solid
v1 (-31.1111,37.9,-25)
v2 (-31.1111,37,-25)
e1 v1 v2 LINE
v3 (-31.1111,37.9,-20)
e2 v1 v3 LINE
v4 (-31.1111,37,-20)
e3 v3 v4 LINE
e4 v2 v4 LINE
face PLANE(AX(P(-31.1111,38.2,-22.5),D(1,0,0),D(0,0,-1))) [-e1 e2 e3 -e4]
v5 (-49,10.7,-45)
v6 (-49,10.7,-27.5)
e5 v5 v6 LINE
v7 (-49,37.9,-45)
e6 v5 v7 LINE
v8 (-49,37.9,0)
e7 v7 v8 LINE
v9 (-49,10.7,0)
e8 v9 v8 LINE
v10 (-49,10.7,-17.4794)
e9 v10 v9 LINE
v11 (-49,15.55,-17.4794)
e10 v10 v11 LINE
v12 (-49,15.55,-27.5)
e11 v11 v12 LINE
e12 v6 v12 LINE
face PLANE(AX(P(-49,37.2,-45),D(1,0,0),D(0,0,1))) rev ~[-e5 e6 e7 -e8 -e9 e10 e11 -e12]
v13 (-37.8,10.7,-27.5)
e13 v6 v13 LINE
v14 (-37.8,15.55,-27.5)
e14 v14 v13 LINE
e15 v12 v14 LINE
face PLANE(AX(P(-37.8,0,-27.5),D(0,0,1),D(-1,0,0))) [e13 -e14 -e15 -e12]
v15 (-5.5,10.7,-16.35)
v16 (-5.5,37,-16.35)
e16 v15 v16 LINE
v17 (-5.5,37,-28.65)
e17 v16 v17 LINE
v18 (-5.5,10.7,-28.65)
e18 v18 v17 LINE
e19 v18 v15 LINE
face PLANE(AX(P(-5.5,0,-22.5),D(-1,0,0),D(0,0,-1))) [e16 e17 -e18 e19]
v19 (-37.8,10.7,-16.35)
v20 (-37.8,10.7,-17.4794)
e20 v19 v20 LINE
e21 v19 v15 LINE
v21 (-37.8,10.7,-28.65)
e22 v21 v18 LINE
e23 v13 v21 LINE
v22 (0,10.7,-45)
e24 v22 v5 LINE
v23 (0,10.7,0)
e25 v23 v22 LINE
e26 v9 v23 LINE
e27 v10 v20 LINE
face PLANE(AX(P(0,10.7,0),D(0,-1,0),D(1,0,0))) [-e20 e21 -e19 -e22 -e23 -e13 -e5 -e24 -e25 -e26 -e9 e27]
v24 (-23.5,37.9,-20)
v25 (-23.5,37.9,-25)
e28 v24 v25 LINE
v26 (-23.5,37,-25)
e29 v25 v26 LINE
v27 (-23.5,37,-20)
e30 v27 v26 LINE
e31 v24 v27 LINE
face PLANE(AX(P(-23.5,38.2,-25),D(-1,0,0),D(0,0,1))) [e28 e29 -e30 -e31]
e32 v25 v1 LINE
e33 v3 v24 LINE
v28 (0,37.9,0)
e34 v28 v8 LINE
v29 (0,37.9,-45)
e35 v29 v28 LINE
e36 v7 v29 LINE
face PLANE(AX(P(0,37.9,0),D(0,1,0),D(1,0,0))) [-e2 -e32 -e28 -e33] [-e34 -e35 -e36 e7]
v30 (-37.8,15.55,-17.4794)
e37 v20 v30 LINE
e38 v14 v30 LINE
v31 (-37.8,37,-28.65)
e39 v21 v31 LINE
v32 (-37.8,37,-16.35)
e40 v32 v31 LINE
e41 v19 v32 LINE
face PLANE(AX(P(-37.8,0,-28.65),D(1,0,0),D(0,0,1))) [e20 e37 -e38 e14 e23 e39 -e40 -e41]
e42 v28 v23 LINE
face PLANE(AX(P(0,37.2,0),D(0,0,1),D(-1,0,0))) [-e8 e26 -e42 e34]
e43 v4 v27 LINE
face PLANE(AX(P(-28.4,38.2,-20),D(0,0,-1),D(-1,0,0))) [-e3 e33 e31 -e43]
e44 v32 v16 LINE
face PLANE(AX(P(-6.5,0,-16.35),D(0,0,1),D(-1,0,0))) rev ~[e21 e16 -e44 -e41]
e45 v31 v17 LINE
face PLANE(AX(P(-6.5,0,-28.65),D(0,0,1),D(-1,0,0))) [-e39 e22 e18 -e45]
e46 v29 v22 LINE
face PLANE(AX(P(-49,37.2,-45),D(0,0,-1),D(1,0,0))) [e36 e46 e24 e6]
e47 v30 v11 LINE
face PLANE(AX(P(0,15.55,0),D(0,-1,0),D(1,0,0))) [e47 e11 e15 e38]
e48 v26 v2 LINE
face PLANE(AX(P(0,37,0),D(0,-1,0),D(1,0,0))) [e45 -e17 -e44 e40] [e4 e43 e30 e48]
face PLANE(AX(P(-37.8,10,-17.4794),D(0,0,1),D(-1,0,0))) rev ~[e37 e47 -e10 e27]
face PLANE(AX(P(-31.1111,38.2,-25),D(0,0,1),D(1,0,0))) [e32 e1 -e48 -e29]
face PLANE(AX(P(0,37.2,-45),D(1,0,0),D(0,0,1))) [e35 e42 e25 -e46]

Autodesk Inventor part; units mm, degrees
ref_plane "YZ Plane" through (0, 0, 0) normal (1, 0, 0) x (0, 1, 0)
ref_plane "XZ Plane" through (0, 0, 0) normal (0, 1, 0) x (-1, 0, 0)
ref_plane "XY Plane" through (0, 0, 0) normal (0, 0, 1) x (1, 0, 0)
sketch "Szkic1" plane through (0, 0, 0) normal (0, 1, 0) x (-1, 0, 0)
  line L0 (0, 0) -> (49, 0)
  line L1 (49, 0) -> (49, -45)
  line L2 (49, -45) -> (0, -45)
  line L3 (0, -45) -> (0, 0)
  line L4 (49, 0) -> (49, 3)
  line L5 (49, 3) -> (52, 3)
  line L6 (0, -45) -> (0, -48)
  line L7 (0, -48) -> (-3, -48)
  line L8 (-3, -48) -> (52, -48)
  line L9 (52, -48) -> (52, 3)
  line L10 (52, 3) -> (-3, 3)
  line L11 (-3, 3) -> (-3, -48)
  line L12 (0, -48) -> (-29.5685, -48)
  line L13 (-29.5685, -48) -> (-29.5685, 3)
  line L14 (-29.5685, 3) -> (0, 3)
  line L15 (0, 3) -> (0, -48)
  line L16 (-3, -45) -> (-29.5685, -45)
  line L17 (-3, 0) -> (-29.5685, 0)
  line L18 (-3, 0) -> (0, 0)
  line L19 (0, -45) -> (-3, -45)
  line L20 (-3, -45) -> (-3, -48)
  line L21 (0, -48) -> (0, -45)
  line L22 (0, -48) -> (-3, -48)
  dimension "d0" = 49
  dimension "d1" = 45
  dimension "d2" = 3
  dimension "d3" = 3
  dimension "d4" = 3
  dimension "d5" = 3
extrude "Wyciągnięcie proste1" add sketch "Szkic1" along normal blind 37.2 contours L0 L1 L2 L3 | L3 L19 L11 L18 | L11 L16 L13 L17
sketch "Szkic2" plane through (0, 0, 0) normal (0, -1, 0) x (1, 0, 0)
  line L0 (-49, 0) -> (0, 0) projected
  line L1 (-24.5, 0) -> (-24.5, -45)
  line L2 (0, -45) -> (-49, -45) projected
  line L3 (-49, -45) -> (-49, 0) projected
  line L4 (-49, -22.5) -> (0, -22.5)
  line L5 (0, 0) -> (0, -45) projected
  circle A0 centre (-24.5, -22.5) radius 2.85
  circle A1 centre (-24.5, -22.5) radius 3
  dimension "d8" = 5.7
  dimension "d27" = 6
extrude "Wyciągnięcie proste2" cut sketch "Szkic2" against normal through all contours A1 L4 A0 L1 | L1 A0 L4 A1 | L4 A0 L1 A1 | A0 L4 L1 | L1 L4 A0 | A1 L1 A0 L4 | L4 L1 A0 | L4 A0 L1
sketch "Szkic3" plane through (0, 0, 0) normal (0, -1, 0) x (1, 0, 0)
  circle A0 centre (-24.5, -22.5) radius 2.85 projected
  line L0 (-24.5, -22.5) -> (-37.8, -22.5)
  line L1 (-24.5, -22.5) -> (9, -22.5)
  line L2 (-37.8, -22.5) -> (9, -22.5)
  line L3 (9, -22.5) -> (9, -32.4)
  line L4 (9, -32.4) -> (-37.8, -32.4)
  line L5 (-37.8, -32.4) -> (-37.8, -22.5)
  line L6 (9, -22.5) -> (-37.8, -22.5)
  line L7 (-37.8, -22.5) -> (-37.8, -13.6)
  line L8 (-37.8, -13.6) -> (9, -13.6)
  line L9 (9, -13.6) -> (9, -22.5)
  line L10 (9, -32.4) -> (-37.8, -32.4)
  line L11 (9, -32.4) -> (13, -32.4)
  line L12 (-37.8, -13.6) -> (-41.8, -13.6)
  line L13 (13, -32.4) -> (13, -32.9)
  line L14 (-41.8, -13.6) -> (-41.8, -13)
  line L15 (13, -32.4) -> (13, -33)
  line L16 (-41.8, -13) -> (-42.5873, -13)
  line L17 (13, -33) -> (13.5, -33)
  line L18 (13.5, -33) -> (-42.5873, -33)
  line L19 (-42.5873, -33) -> (-42.5873, -13)
  line L20 (-42.5873, -13) -> (13.5, -13)
  line L21 (13.5, -13) -> (13.5, -33)
  line L22 (13.5, -13) -> (-6.5, -13)
  line L23 (-6.5, -13) -> (-6.5, -32.4)
  line L24 (-6.5, -32.4) -> (13.5, -32.4)
  line L25 (13.5, -32.4) -> (13.5, -13)
  line L26 (-37.8, -22.5) -> (-6.5, -22.5)
  line L27 (-6.5, -22.5) -> (-6.5, -16.35)
  line L28 (-6.5, -16.35) -> (-37.8, -16.35)
  line L29 (-37.8, -16.35) -> (-37.8, -22.5)
  line L30 (-37.8, -22.5) -> (-6.5, -22.5)
  line L31 (-6.5, -22.5) -> (-6.5, -28.65)
  line L32 (-6.5, -28.65) -> (-37.8, -28.65)
  line L33 (-37.8, -28.65) -> (-37.8, -22.5)
  line L34 (-6.5, -16.35) -> (-5.5, -16.35)
  line L35 (-5.5, -16.35) -> (-5.5, -28.65)
  line L36 (-5.5, -28.65) -> (-6.5, -28.65)
  line L37 (-6.5, -28.65) -> (-6.5, -16.35)
  line L38 (-37.8, -22.5) -> (-26.4, -22.5)
  line L39 (-24.5, -22.5) -> (-26.9, -22.5)
  circle A1 centre (-26.9, -22.5) radius 2.4
  point P0 (0, 0)
  dimension "d21" = 4
  dimension "d22" = 4
  dimension "d23" = 0.5
  dimension "d24" = 0.6
  dimension "d25" = 0.6
  dimension "d26" = 0.5
  dimension "d28" = 20
  dimension "d29" = 6.15
  dimension "d30" = 6.15
  dimension "d31" = 1
  dimension "d32" = 11.4
  dimension "d33" = 2.4
  dimension "d34" = 4.8
extrude "Wyciągnięcie proste3" cut sketch "Szkic3" against normal blind 37 contours L1 L23 L32 L5 L0 A1 A0 | A0 A1 L0 L7 L28 L23 L1 | A0 L0 A1 | A1 L0 A0 | L23 L34 L35 L1 | L1 L35 L36 L23 | L24 L21 L17 L15 L13 picked at (-27.9524, -22.0946) picked at (-27.9524, -22.9054)
sketch "Szkic4" plane through (0, 0, 0) normal (0, -1, 0) x (1, 0, 0)
  line L0 (-49, -45) -> (-49, 0) projected
  line L1 (-37.8, -28.65) -> (-37.8, -16.35) projected
  line L2 (-49, -22.5) -> (-37.8, -22.5)
  line L3 (-37.8, -22.5) -> (-37.8, -17.5)
  line L4 (-37.8, -17.5) -> (-49, -17.5)
  line L5 (-49, -17.5) -> (-49, -22.5)
  line L6 (-49, -22.5) -> (-37.8, -22.5)
  line L7 (-37.8, -22.5) -> (-37.8, -27.5)
  line L8 (-37.8, -27.5) -> (-49, -27.5)
  line L9 (-49, -27.5) -> (-49, -22.5)
  point P0 (0, 0)
  point P1 (-37.8, -32.4)
  point P2 (-37.8, -13.6)
  dimension "d17" = 5
  dimension "d18" = 5
extrude "Wyciągnięcie proste4" cut sketch "Szkic4" against normal blind 10
sketch "Szkic5" plane through (0, 37, 0) normal (0, -1, 0) x (1, 0, 0)
  line L0 (-37.8, -28.65) -> (-37.8, -16.35) projected
  line L1 (-37.8, -22.5) -> (-26.3, -22.5)
  line L2 (-26.3, -22.5) -> (-28.7, -22.5)
  circle A0 centre (-28.7, -22.5) radius 2.4
  point P0 (0, 0)
  dimension "d35" = 11.5
  dimension "d36" = 2.4
  dimension "d37" = 4.8
extrude "Wyciągnięcie proste5" cut sketch "Szkic5" against normal blind 37
sketch "Szkic6" plane through (0, 37, 0) normal (0, -1, 0) x (1, 0, 0)
  arc A0 (-26.9857, -20.8203) -> (-26.9857, -24.1797) centre (-28.7, -22.5) ccw projected
  circle A1 centre (-28.7, -22.5) radius 2.4
  arc A2 (-26.9857, -24.1797) -> (-26.9857, -20.8203) centre (-24.5, -22.5) ccw projected
  circle A3 centre (-24.5, -22.5) radius 3
  point P0 (0, 0)
extrude "Wyciągnięcie proste6" add sketch "Szkic6" against normal blind 0.2 contours A2 A1
sketch "Szkic7" plane through (0, 0, 0) normal (0, -1, 0) x (1, 0, 0)
  line L0 (-49, 0) -> (29.5685, 0) projected
  line L1 (-49, 0) -> (0, 0)
  line L2 (29.5685, 0) -> (29.5685, -45) projected
  line L3 (0, 0) -> (29.5685, 0)
  line L4 (29.5685, 0) -> (29.5685, -45)
  line L5 (29.5685, -45) -> (0, -45)
  line L6 (0, -45) -> (0, 0)
  dimension "d42" = 49
extrude "Wyciągnięcie proste7" cut sketch "Szkic7" against normal through all
sketch "Szkic8" plane through (0, 0, 0) normal (0, -1, 0) x (1, 0, 0)
  line L0 (-49, -45) -> (-49, 0) projected
  line L1 (0, 0) -> (0, -45) projected
  line L2 (-49, 0) -> (0, 0)
  line L3 (0, 0) -> (0, -45)
  line L4 (0, -45) -> (-49, -45)
  line L5 (-49, -45) -> (-49, 0)
sketch "Szkic9" plane through (-49, 0, 0) normal (0, 0, 1) x (1, 0, 0)
  line L0 (0, 37.2) -> (0, 9.2)
  line L1 (0, 0) -> (0, 37.2) projected
  point P0 (49, 0)
  dimension "d45" = 28
extrude "Wyciągnięcie proste8" cut sketch "Szkic8" against normal blind 9.2
sketch "Szkic10" plane through (0, 10, 0) normal (0, -1, 0) x (1, 0, 0)
  line L0 (-49, -45) -> (-49, -27.5) projected
  line L1 (-37.8, -28.65) -> (-37.8, -16.35) projected
  line L2 (-49, -27.5) -> (-37.8, -27.5)
  line L3 (-37.8, -27.5) -> (-37.8, -17.4794)
  line L4 (-37.8, -17.4794) -> (-49, -17.4794)
  line L5 (-49, -17.4794) -> (-49, -27.5)
  point P0 (0, 0)
extrude "Wyciągnięcie proste9" cut sketch "Szkic10" against normal blind 5.55
sketch "Szkic11" plane through (0, 37.2, 0) normal (0, 1, 0) x (1, 0, 0)
  circle A0 centre (-28.7, 22.5) radius 2.4 projected
  circle A1 centre (-28.7, 22.5) radius 2.4
  line L0 (-49, 45) -> (-49, 27.5) projected
  line L1 (0, 0) -> (-49, 0)
  line L2 (-49, 0) -> (-49, 45)
  line L3 (-49, 45) -> (0, 45)
  line L4 (0, 45) -> (0, 0)
extrude "Wyciągnięcie proste10" add sketch "Szkic11" along normal blind 1
sketch "Szkic12" plane through (0, 9.2, 0) normal (0, -1, 0) x (1, 0, 0)
  line L0 (0, -45) -> (-49, -45) projected
  line L1 (-49, 0) -> (0, 0)
  line L2 (0, 0) -> (0, -45)
  line L3 (0, -45) -> (-49, -45)
  line L4 (-49, -45) -> (-49, 0)
extrude "Wyciągnięcie proste11" cut sketch "Szkic12" against normal blind 1.5
sketch "Szkic13" plane through (0, 38.2, 0) normal (0, 1, 0) x (1, 0, 0)
  line L0 (-49, 45) -> (-49, 0) projected
  line L1 (-49, 22.5) -> (-26, 22.5)
  line L2 (-26, 22.5) -> (-28.4, 22.5)
  circle A0 centre (-28.4, 22.5) radius 2.5
  circle A1 centre (-26, 22.5) radius 2.5
  circle A2 centre (-27.2, 22.5) radius 2.5
  line L3 (-23.5, 20) -> (-31.1111, 20)
  line L4 (-31.1111, 20) -> (-31.1111, 25)
  line L5 (-31.1111, 25) -> (-23.5, 25)
  line L6 (-23.5, 25) -> (-23.5, 20)
  point P0 (0, 0)
  dimension "d54" = 23
  dimension "d55" = 2.4
  dimension "d56" = 5
  dimension "d57" = 5
  dimension "d58" = 5
extrude "Wyciągnięcie proste12" cut sketch "Szkic13" against normal blind 1.5
sketch "Szkic14" plane through (0, 38.2, 0) normal (0, 1, 0) x (1, 0, 0)
  line L0 (-54.5366, 52.5987) -> (6.0904, 52.5987)
  line L1 (6.0904, 52.5987) -> (6.0904, -5.7213)
  line L2 (6.0904, -5.7213) -> (-54.5366, -5.7213)
  line L3 (-54.5366, -5.7213) -> (-54.5366, 52.5987)
  point P0 (0, 0)
extrude "Wyciągnięcie proste13" cut sketch "Szkic14" against normal blind 0.3
